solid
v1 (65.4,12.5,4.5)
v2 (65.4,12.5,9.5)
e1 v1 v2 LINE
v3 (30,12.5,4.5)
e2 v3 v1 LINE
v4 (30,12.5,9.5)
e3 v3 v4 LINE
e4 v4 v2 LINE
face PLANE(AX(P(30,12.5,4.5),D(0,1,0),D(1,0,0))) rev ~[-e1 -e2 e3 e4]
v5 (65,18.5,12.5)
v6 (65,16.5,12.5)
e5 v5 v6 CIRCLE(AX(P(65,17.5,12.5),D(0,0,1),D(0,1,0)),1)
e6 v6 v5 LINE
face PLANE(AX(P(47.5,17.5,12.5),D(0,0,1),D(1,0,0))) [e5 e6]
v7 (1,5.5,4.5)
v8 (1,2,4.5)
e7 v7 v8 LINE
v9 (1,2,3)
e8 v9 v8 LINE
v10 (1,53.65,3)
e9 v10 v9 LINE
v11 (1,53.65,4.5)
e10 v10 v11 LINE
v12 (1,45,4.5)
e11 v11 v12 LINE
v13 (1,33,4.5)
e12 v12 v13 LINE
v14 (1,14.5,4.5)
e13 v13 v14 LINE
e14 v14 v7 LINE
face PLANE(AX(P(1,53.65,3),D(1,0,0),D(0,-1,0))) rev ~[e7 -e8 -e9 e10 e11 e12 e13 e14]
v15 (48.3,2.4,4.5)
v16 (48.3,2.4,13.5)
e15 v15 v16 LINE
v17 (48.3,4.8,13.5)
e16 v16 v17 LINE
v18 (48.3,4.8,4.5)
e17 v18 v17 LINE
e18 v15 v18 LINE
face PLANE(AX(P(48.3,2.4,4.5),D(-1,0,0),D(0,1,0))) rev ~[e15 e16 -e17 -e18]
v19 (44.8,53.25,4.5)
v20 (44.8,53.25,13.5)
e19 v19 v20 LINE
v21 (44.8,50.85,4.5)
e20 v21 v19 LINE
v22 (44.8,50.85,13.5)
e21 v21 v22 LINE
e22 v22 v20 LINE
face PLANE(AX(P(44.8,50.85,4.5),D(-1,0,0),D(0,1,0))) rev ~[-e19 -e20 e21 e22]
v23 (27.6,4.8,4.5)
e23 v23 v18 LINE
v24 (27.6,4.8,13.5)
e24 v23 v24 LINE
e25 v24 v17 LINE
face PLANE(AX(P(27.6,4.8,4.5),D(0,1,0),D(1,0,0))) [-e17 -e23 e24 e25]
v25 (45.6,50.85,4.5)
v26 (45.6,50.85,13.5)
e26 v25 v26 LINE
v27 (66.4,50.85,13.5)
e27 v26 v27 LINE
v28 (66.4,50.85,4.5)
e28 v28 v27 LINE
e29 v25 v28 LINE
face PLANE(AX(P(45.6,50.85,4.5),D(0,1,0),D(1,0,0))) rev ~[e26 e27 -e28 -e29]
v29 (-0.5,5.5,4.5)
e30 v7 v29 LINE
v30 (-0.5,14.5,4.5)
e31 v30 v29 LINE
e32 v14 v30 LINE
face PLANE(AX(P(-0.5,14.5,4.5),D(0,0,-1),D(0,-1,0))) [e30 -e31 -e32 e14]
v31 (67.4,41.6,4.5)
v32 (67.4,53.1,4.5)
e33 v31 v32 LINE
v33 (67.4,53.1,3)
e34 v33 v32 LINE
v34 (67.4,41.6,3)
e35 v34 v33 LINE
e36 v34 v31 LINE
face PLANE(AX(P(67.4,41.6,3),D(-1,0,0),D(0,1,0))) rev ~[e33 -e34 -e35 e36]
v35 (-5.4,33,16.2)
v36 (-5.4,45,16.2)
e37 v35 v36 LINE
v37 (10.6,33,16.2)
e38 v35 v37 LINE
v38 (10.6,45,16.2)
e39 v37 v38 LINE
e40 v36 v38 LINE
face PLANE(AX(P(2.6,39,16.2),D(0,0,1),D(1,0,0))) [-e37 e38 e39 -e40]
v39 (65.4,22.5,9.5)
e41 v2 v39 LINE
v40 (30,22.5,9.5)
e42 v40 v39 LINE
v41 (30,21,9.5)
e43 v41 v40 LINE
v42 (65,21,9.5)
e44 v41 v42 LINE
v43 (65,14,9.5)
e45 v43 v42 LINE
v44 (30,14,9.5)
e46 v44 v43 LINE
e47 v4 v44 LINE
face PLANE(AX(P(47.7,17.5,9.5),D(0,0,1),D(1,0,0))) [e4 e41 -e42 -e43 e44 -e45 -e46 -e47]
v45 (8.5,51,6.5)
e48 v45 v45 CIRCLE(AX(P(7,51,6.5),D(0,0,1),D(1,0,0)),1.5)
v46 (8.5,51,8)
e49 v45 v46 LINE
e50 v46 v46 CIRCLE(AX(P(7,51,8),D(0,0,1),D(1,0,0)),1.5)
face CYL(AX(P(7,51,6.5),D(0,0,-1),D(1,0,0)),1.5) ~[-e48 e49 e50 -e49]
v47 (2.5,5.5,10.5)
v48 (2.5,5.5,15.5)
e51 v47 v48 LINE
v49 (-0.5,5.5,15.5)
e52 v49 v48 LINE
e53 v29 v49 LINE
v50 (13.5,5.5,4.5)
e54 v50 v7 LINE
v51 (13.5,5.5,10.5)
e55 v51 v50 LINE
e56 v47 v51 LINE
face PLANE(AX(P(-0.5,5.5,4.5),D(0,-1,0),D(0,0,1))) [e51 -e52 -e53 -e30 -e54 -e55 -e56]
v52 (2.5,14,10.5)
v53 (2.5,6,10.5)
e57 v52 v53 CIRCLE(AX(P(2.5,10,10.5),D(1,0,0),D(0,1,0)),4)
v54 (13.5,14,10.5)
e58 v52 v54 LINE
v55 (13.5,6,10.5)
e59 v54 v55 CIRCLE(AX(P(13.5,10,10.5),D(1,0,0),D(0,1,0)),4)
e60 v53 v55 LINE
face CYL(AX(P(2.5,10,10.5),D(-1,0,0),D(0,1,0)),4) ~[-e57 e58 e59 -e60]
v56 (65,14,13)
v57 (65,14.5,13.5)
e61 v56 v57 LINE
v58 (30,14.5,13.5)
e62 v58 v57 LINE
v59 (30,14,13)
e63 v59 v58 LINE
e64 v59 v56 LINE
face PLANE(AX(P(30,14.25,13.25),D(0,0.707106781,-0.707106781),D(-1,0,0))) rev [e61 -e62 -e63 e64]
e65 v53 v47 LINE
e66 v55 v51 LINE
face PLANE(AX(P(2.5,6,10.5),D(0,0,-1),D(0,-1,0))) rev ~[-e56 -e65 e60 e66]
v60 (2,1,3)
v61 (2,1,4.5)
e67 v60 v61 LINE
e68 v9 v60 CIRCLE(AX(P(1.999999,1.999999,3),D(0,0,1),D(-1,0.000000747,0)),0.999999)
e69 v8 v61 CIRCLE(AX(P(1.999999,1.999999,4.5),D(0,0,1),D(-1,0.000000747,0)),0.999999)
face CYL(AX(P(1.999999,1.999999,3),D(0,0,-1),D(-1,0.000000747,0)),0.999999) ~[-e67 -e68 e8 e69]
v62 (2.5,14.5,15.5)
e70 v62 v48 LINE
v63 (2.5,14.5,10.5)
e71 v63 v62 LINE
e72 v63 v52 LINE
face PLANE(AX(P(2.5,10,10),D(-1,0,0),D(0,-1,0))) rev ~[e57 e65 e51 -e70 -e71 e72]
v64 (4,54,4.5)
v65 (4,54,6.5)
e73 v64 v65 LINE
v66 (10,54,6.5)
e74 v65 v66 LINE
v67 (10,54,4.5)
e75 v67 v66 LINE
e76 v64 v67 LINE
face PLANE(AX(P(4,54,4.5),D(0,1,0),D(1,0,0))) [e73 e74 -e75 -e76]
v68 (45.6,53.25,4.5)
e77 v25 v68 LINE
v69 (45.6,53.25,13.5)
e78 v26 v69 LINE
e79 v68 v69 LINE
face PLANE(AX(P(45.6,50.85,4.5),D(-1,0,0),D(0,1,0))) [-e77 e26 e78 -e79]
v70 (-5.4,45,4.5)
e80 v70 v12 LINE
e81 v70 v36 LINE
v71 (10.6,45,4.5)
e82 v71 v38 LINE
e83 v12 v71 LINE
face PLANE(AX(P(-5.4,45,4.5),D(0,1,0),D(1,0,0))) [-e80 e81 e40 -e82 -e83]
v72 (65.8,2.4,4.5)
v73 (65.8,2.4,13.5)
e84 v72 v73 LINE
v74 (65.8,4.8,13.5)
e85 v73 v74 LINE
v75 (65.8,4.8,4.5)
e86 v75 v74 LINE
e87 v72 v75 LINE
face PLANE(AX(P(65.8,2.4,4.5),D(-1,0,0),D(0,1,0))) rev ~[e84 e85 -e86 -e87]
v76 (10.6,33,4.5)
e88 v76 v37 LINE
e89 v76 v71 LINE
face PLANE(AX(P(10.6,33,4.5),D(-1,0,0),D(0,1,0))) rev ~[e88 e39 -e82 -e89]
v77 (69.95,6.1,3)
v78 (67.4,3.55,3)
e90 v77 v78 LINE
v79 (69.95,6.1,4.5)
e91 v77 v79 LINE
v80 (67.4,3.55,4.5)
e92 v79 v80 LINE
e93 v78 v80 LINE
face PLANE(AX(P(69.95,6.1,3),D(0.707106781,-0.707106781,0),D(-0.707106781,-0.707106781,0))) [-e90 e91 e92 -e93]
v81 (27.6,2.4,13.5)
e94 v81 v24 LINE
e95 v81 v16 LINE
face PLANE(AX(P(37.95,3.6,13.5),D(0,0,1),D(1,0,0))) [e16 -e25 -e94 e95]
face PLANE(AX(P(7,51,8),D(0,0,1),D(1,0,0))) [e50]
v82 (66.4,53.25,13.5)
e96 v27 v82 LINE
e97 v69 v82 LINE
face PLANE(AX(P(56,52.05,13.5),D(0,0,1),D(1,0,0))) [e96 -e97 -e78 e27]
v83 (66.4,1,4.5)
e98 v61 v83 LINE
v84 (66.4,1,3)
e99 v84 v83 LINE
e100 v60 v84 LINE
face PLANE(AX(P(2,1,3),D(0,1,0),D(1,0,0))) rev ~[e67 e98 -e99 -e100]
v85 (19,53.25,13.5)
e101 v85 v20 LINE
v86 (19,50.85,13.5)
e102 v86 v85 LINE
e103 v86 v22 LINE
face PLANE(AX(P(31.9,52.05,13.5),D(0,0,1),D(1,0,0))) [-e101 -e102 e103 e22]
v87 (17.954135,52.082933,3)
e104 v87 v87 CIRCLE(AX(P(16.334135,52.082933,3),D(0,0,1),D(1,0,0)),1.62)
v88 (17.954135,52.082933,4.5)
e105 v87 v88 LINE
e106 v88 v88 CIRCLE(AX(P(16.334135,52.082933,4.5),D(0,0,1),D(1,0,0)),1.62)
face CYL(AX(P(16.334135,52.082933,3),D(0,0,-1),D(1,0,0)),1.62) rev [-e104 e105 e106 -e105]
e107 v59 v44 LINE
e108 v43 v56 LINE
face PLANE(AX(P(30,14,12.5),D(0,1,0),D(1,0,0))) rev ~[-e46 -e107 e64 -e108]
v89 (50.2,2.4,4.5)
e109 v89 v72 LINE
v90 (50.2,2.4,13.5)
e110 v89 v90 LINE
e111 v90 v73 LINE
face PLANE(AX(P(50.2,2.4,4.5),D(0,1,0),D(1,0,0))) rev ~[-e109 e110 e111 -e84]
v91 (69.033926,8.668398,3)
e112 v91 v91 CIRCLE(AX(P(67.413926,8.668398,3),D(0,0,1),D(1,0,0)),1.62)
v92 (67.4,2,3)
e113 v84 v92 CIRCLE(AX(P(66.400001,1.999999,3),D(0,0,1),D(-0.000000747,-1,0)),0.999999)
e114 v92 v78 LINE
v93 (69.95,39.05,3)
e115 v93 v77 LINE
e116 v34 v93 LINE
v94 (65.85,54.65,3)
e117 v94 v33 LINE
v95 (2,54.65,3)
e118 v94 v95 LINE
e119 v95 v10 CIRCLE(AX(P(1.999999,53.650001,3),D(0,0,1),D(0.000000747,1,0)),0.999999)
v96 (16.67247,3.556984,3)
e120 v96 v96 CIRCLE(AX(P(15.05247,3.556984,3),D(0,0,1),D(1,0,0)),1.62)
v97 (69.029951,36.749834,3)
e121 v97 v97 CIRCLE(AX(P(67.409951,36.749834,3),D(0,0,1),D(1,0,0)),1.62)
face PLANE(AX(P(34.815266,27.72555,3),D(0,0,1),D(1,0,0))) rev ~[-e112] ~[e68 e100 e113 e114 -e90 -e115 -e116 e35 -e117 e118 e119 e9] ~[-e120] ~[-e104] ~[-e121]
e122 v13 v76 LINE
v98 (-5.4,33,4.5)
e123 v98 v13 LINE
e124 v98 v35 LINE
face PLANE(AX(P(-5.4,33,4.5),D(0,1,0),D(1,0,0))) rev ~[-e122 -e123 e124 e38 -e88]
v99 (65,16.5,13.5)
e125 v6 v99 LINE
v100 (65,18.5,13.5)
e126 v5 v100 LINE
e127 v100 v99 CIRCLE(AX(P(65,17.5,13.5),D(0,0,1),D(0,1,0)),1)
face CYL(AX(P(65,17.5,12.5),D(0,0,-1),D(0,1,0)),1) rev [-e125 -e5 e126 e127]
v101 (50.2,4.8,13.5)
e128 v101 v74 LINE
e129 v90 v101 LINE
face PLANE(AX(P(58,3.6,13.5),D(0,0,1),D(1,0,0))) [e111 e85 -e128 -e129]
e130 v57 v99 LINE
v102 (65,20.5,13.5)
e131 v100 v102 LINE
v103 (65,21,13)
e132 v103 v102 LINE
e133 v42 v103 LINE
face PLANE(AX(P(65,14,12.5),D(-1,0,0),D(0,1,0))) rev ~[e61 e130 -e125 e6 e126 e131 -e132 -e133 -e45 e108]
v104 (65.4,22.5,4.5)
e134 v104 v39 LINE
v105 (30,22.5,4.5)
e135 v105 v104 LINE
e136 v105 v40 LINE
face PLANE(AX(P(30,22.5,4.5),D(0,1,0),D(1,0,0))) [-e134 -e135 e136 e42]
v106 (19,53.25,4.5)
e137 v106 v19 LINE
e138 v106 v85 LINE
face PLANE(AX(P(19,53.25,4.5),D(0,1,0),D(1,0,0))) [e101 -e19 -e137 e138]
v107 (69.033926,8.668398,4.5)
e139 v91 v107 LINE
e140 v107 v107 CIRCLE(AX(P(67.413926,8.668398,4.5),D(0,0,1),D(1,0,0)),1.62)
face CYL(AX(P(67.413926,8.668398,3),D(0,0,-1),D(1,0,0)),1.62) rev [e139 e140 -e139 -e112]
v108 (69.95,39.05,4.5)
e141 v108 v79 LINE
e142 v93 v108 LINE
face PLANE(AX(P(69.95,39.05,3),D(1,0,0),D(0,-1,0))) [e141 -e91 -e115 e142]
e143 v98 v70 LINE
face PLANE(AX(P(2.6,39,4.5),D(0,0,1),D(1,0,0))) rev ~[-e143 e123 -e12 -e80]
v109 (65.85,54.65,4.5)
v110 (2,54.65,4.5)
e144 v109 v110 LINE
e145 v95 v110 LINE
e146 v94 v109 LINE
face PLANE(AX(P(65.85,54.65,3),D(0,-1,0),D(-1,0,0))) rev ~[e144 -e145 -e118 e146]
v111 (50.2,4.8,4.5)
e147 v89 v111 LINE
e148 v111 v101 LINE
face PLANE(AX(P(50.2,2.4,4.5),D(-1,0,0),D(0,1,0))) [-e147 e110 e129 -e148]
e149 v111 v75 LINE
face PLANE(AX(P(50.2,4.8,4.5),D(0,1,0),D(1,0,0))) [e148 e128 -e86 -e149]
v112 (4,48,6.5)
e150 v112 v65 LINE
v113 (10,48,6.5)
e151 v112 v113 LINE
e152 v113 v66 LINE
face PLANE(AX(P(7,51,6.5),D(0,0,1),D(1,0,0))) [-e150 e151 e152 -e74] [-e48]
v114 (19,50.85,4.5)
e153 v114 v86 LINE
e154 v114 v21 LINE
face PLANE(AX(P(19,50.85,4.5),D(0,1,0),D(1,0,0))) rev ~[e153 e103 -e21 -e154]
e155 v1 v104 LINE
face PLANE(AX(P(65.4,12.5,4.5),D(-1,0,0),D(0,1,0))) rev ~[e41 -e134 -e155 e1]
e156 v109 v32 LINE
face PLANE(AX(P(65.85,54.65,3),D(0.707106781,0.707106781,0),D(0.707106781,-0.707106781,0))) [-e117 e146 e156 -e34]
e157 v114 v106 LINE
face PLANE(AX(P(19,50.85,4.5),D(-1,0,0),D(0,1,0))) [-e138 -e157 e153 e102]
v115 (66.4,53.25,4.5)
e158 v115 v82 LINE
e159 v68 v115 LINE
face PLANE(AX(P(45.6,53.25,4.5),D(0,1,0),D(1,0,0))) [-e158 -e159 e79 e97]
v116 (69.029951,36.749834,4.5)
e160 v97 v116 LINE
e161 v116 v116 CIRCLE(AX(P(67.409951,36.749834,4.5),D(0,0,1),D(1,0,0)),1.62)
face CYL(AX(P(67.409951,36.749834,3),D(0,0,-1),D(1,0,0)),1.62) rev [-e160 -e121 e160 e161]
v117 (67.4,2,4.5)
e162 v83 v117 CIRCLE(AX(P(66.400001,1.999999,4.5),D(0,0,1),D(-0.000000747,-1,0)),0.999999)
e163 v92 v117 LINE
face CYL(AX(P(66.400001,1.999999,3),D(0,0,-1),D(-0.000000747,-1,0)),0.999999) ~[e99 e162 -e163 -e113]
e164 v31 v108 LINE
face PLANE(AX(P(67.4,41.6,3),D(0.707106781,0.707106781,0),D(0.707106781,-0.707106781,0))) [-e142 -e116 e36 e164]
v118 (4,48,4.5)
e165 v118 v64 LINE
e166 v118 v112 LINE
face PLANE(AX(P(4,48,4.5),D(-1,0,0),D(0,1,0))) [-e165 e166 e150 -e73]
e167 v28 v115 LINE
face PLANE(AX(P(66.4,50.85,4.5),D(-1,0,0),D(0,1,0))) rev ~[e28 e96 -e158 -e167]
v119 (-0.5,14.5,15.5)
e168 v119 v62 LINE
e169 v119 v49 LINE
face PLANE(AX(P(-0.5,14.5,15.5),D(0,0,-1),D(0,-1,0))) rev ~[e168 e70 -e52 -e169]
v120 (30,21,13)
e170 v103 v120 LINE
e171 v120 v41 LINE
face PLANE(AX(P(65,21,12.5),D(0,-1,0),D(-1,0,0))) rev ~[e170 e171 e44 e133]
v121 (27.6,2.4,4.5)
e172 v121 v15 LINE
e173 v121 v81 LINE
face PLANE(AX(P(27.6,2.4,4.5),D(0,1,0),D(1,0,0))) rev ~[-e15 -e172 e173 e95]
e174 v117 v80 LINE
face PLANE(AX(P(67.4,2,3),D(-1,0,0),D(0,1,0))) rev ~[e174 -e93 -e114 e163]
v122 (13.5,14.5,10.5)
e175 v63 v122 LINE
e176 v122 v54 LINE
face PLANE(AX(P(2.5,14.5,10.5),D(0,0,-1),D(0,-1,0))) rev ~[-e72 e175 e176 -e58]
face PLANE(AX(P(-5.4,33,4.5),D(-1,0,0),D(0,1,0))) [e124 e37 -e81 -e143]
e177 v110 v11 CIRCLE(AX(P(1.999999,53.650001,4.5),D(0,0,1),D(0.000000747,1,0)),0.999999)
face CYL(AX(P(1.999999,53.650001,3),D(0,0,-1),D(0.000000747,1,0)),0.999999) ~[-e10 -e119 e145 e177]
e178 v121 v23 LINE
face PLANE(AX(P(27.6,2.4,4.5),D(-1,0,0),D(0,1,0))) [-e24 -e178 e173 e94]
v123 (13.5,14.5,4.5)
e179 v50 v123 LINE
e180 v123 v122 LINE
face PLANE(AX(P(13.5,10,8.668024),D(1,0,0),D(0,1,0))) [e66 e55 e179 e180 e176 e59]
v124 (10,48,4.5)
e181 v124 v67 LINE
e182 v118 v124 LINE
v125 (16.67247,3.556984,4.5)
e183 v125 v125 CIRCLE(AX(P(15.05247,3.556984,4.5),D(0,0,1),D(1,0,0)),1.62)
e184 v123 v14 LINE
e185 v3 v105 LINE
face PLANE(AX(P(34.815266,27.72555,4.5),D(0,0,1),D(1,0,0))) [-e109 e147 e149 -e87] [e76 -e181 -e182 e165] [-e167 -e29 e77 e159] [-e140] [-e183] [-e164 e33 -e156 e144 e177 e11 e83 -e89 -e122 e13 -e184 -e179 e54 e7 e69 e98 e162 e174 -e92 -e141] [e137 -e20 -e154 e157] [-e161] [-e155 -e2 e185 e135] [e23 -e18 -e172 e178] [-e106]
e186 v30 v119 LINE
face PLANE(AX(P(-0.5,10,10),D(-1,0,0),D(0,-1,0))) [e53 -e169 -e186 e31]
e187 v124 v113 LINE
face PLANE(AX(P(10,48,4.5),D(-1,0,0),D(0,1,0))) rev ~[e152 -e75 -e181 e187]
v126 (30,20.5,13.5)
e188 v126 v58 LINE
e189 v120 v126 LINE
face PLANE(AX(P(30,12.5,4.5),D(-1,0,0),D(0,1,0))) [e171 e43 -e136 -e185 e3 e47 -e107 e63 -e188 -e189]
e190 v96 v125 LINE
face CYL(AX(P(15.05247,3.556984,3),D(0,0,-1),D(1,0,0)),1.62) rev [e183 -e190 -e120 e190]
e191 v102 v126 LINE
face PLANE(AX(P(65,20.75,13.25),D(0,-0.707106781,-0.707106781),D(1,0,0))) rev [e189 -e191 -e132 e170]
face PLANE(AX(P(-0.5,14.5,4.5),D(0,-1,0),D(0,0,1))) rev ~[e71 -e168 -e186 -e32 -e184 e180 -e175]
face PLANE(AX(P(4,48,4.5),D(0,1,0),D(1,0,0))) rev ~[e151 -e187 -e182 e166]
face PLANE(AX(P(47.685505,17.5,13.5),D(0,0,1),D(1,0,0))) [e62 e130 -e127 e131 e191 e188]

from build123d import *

# Parameters (mm, degrees)
SKETCH_R                   = 1.62
EXTRUDE_SKETCH_DEPTH       = 1.5
RECTANGLE004_W             = 20.8
RECTANGLE004_H             = 2.4
EXTRUDE_RECTANGLE004_DEPTH = 9
EXTRUDE_SKETCH002_DEPTH    = 1
SKETCH001_W                = 35
SKETCH001_H                = 7
EXTRUDE_SKETCH001_DEPTH    = 3
CHAMFER_SIZE               = 0.5
RECTANGLE006_W             = 35.4
RECTANGLE006_H             = 10
EXTRUDE_RECTANGLE006_DEPTH = 5
RECTANGLE001_W             = 15.6
RECTANGLE001_H             = 2.4
EXTRUDE_RECTANGLE001_DEPTH = 9
RECTANGLE_W                = 20.7
RECTANGLE_H                = 2.4
EXTRUDE_RECTANGLE_DEPTH    = 9
RECTANGLE009_W             = 9
RECTANGLE009_H             = 11
EXTRUDE_RECTANGLE009_DEPTH = 3
EXTRUDE_SKETCH005_DEPTH    = 11
RECTANGLE008_W             = 16
RECTANGLE008_H             = 12
EXTRUDE_RECTANGLE008_DEPTH = 11.7
SKETCH003_W                = 6
SKETCH003_H                = 6
EXTRUDE_SKETCH003_DEPTH    = 2
SKETCH004_R                = 1.5
EXTRUDE_SKETCH004_DEPTH    = 1.5
RECTANGLE003_W             = 25.8
RECTANGLE003_H             = 2.4
EXTRUDE_RECTANGLE003_DEPTH = 9


with BuildPart() as sketch_extrude:
    # Sketch → Extrude_Sketch (new body)
    with BuildSketch(Plane.XY):
        with BuildLine():
            Line((1, 0), (65.4, 0))
            ThreePointArc((65.4, 0), (66.107107, 0.292893), (66.4, 1))
            Line((66.4, 1), (66.4, 2.55))
            Line((68.95, 5.1), (66.4, 2.55))
            Line((68.95, 38.05), (68.95, 5.1))
            Line((66.4, 40.6), (68.95, 38.05))
            Line((66.4, 40.6), (66.4, 52.1))
            Line((64.85, 53.65), (66.4, 52.1))
            Line((64.85, 53.65), (1, 53.65))
            ThreePointArc((1, 53.65), (0.292893, 53.357107), (0, 52.65))
            Line((0, 52.65), (0, 1))
            ThreePointArc((0, 1), (0.292893, 0.292893), (1, 0))
        make_face()
        with Locations((14.05247, 2.556984)):
            Circle(SKETCH_R, mode=Mode.SUBTRACT)
        with Locations((15.334135, 51.082933)):
            Circle(SKETCH_R, mode=Mode.SUBTRACT)
        with Locations((66.409951, 35.749834)):
            Circle(SKETCH_R, mode=Mode.SUBTRACT)
        with Locations((66.413926, 7.668398)):
            Circle(SKETCH_R, mode=Mode.SUBTRACT)
    extrude(amount=EXTRUDE_SKETCH_DEPTH)


with BuildPart() as rectangle004_extrude:
    # Rectangle004 (on Extrude_Sketch) → Extrude_Rectangle004 (new body)
    with BuildSketch(Plane(origin=(44.6, 49.85, 1.5), x_dir=(1, 0, 0), z_dir=(0, 0, 1))):
        with Locations((10.4, 1.2)):
            Rectangle(RECTANGLE004_W, RECTANGLE004_H)
    extrude(amount=EXTRUDE_RECTANGLE004_DEPTH)


with BuildPart() as sketch002_extrude:
    # Sketch002 (on Face6 of Extrude_Sketch001) → Extrude_Sketch002 (new body)
    with BuildSketch(Plane.XY.offset(9.5)):
        with BuildLine():
            Line((29, 13), (64, 13))
            Line((64, 13), (64, 15.5))
            ThreePointArc((64, 17.5), (63, 16.5), (64, 15.5))
            Line((64, 17.5), (64, 20))
            Line((64, 20), (29, 20))
            Line((29, 20), (29, 13))
        make_face()
    extrude(amount=EXTRUDE_SKETCH002_DEPTH)


with BuildPart() as chamfer_body:
    # Sketch001 (on Face6 of Extrude_Rectangle006) → Extrude_Sketch001 (new body)
    with BuildSketch(Plane.XY.offset(6.5)):
        with Locations((46.5, 16.5)):
            Rectangle(SKETCH001_W, SKETCH001_H)
    extrude(amount=EXTRUDE_SKETCH001_DEPTH)

    # Fusion: union Sketch002_Extrude
    add(sketch002_extrude.part)

    # Chamfer
    chamfer_edges = [chamfer_body.edges().sort_by_distance(p)[0] for p in [
        (46.5, 13, 10.5),
        (46.5, 20, 10.5),
    ]]
    chamfer(chamfer_edges, length=CHAMFER_SIZE)


with BuildPart() as rectangle006_extrude:
    # Rectangle006 (on Extrude_Sketch) → Extrude_Rectangle006 (new body)
    with BuildSketch(Plane(origin=(29, 11.5, 1.5), x_dir=(1, 0, 0), z_dir=(0, 0, 1))):
        with Locations((17.7, 5)):
            Rectangle(RECTANGLE006_W, RECTANGLE006_H)
    extrude(amount=EXTRUDE_RECTANGLE006_DEPTH)


with BuildPart() as rectangle001_extrude:
    # Rectangle001 (on Extrude_Sketch) → Extrude_Rectangle001 (new body)
    with BuildSketch(Plane(origin=(49.2, 1.4, 1.5), x_dir=(1, 0, 0), z_dir=(0, 0, 1))):
        with Locations((7.8, 1.2)):
            Rectangle(RECTANGLE001_W, RECTANGLE001_H)
    extrude(amount=EXTRUDE_RECTANGLE001_DEPTH)


with BuildPart() as rectangle_extrude:
    # Rectangle (on Extrude_Sketch) → Extrude_Rectangle (new body)
    with BuildSketch(Plane(origin=(26.6, 1.4, 1.5), x_dir=(1, 0, 0), z_dir=(0, 0, 1))):
        with Locations((10.35, 1.2)):
            Rectangle(RECTANGLE_W, RECTANGLE_H)
    extrude(amount=EXTRUDE_RECTANGLE_DEPTH)


with BuildPart() as rectangle009_extrude:
    # Rectangle009 (on Extrude_Sketch) → Extrude_Rectangle009 (new body)
    with BuildSketch(Plane(origin=(-1.5, 13.5, 1.5), x_dir=(0, -1, 0), z_dir=(-1, 0, 0))):
        with Locations((4.5, 5.5)):
            Rectangle(RECTANGLE009_W, RECTANGLE009_H)
    extrude(amount=-EXTRUDE_RECTANGLE009_DEPTH)


with BuildPart() as fusion001:
    # Sketch005 (on Face6 of Extrude_Rectangle009) → Extrude_Sketch005 (new body)
    with BuildSketch(Plane.YZ.offset(1.5)):
        with BuildLine():
            Line((4.5, 1.5), (13.5, 1.5))
            Line((13.5, 1.5), (13.5, 7.5))
            Line((13.5, 7.5), (13, 7.5))
            ThreePointArc((13, 7.5), (9, 11.5), (5, 7.5))
            Line((5, 7.5), (4.5, 7.5))
            Line((4.5, 7.5), (4.5, 1.5))
        make_face()
    extrude(amount=EXTRUDE_SKETCH005_DEPTH)

    # Fusion001: union Rectangle009_Extrude
    add(rectangle009_extrude.part)


with BuildPart() as rectangle008_extrude:
    # Rectangle008 → Extrude_Rectangle008 (new body)
    with BuildSketch(Plane(origin=(-6.4, 32, 1.5), x_dir=(1, 0, 0), z_dir=(0, 0, 1))):
        with Locations((8, 6)):
            Rectangle(RECTANGLE008_W, RECTANGLE008_H)
    extrude(amount=EXTRUDE_RECTANGLE008_DEPTH)


with BuildPart() as sketch003_extrude:
    # Sketch003 (on Face18 of Extrude_Sketch) → Extrude_Sketch003 (new body)
    with BuildSketch(Plane.XY.offset(1.5)):
        with Locations((6, 50)):
            Rectangle(SKETCH003_W, SKETCH003_H)
    extrude(amount=EXTRUDE_SKETCH003_DEPTH)


with BuildPart() as sketch004_extrude:
    # Sketch004 (on Face6 of Extrude_Sketch003) → Extrude_Sketch004 (new body)
    with BuildSketch(Plane.XY.offset(3.5)):
        with Locations((6, 50)):
            Circle(SKETCH004_R)
    extrude(amount=EXTRUDE_SKETCH004_DEPTH)


with BuildPart() as arduino:
    # Rectangle003 (on Extrude_Sketch) → Extrude_Rectangle003 (new body)
    with BuildSketch(Plane(origin=(18, 49.85, 1.5), x_dir=(1, 0, 0), z_dir=(0, 0, 1))):
        with Locations((12.9, 1.2)):
            Rectangle(RECTANGLE003_W, RECTANGLE003_H)
    extrude(amount=EXTRUDE_RECTANGLE003_DEPTH)

    # Fusion002: union Rectangle004_Extrude, Chamfer body, Rectangle006_Extrude, Rectangle001_Extrude, Rectangle_Extrude, Fusion001, Rectangle008_Extrude, Sketch003_Extrude, Sketch004_Extrude
    add(rectangle004_extrude.part)
    add(chamfer_body.part)
    add(rectangle006_extrude.part)
    add(rectangle001_extrude.part)
    add(rectangle_extrude.part)
    add(fusion001.part)
    add(rectangle008_extrude.part)
    add(sketch003_extrude.part)
    add(sketch004_extrude.part)

    # Fusion003: union Sketch_Extrude
    add(sketch_extrude.part)


with BuildPart() as arduino_1:
    # Fusion003 placement: moved
    add(arduino.part.moved(Location((1, 1, 3))))


solid = arduino_1.part
